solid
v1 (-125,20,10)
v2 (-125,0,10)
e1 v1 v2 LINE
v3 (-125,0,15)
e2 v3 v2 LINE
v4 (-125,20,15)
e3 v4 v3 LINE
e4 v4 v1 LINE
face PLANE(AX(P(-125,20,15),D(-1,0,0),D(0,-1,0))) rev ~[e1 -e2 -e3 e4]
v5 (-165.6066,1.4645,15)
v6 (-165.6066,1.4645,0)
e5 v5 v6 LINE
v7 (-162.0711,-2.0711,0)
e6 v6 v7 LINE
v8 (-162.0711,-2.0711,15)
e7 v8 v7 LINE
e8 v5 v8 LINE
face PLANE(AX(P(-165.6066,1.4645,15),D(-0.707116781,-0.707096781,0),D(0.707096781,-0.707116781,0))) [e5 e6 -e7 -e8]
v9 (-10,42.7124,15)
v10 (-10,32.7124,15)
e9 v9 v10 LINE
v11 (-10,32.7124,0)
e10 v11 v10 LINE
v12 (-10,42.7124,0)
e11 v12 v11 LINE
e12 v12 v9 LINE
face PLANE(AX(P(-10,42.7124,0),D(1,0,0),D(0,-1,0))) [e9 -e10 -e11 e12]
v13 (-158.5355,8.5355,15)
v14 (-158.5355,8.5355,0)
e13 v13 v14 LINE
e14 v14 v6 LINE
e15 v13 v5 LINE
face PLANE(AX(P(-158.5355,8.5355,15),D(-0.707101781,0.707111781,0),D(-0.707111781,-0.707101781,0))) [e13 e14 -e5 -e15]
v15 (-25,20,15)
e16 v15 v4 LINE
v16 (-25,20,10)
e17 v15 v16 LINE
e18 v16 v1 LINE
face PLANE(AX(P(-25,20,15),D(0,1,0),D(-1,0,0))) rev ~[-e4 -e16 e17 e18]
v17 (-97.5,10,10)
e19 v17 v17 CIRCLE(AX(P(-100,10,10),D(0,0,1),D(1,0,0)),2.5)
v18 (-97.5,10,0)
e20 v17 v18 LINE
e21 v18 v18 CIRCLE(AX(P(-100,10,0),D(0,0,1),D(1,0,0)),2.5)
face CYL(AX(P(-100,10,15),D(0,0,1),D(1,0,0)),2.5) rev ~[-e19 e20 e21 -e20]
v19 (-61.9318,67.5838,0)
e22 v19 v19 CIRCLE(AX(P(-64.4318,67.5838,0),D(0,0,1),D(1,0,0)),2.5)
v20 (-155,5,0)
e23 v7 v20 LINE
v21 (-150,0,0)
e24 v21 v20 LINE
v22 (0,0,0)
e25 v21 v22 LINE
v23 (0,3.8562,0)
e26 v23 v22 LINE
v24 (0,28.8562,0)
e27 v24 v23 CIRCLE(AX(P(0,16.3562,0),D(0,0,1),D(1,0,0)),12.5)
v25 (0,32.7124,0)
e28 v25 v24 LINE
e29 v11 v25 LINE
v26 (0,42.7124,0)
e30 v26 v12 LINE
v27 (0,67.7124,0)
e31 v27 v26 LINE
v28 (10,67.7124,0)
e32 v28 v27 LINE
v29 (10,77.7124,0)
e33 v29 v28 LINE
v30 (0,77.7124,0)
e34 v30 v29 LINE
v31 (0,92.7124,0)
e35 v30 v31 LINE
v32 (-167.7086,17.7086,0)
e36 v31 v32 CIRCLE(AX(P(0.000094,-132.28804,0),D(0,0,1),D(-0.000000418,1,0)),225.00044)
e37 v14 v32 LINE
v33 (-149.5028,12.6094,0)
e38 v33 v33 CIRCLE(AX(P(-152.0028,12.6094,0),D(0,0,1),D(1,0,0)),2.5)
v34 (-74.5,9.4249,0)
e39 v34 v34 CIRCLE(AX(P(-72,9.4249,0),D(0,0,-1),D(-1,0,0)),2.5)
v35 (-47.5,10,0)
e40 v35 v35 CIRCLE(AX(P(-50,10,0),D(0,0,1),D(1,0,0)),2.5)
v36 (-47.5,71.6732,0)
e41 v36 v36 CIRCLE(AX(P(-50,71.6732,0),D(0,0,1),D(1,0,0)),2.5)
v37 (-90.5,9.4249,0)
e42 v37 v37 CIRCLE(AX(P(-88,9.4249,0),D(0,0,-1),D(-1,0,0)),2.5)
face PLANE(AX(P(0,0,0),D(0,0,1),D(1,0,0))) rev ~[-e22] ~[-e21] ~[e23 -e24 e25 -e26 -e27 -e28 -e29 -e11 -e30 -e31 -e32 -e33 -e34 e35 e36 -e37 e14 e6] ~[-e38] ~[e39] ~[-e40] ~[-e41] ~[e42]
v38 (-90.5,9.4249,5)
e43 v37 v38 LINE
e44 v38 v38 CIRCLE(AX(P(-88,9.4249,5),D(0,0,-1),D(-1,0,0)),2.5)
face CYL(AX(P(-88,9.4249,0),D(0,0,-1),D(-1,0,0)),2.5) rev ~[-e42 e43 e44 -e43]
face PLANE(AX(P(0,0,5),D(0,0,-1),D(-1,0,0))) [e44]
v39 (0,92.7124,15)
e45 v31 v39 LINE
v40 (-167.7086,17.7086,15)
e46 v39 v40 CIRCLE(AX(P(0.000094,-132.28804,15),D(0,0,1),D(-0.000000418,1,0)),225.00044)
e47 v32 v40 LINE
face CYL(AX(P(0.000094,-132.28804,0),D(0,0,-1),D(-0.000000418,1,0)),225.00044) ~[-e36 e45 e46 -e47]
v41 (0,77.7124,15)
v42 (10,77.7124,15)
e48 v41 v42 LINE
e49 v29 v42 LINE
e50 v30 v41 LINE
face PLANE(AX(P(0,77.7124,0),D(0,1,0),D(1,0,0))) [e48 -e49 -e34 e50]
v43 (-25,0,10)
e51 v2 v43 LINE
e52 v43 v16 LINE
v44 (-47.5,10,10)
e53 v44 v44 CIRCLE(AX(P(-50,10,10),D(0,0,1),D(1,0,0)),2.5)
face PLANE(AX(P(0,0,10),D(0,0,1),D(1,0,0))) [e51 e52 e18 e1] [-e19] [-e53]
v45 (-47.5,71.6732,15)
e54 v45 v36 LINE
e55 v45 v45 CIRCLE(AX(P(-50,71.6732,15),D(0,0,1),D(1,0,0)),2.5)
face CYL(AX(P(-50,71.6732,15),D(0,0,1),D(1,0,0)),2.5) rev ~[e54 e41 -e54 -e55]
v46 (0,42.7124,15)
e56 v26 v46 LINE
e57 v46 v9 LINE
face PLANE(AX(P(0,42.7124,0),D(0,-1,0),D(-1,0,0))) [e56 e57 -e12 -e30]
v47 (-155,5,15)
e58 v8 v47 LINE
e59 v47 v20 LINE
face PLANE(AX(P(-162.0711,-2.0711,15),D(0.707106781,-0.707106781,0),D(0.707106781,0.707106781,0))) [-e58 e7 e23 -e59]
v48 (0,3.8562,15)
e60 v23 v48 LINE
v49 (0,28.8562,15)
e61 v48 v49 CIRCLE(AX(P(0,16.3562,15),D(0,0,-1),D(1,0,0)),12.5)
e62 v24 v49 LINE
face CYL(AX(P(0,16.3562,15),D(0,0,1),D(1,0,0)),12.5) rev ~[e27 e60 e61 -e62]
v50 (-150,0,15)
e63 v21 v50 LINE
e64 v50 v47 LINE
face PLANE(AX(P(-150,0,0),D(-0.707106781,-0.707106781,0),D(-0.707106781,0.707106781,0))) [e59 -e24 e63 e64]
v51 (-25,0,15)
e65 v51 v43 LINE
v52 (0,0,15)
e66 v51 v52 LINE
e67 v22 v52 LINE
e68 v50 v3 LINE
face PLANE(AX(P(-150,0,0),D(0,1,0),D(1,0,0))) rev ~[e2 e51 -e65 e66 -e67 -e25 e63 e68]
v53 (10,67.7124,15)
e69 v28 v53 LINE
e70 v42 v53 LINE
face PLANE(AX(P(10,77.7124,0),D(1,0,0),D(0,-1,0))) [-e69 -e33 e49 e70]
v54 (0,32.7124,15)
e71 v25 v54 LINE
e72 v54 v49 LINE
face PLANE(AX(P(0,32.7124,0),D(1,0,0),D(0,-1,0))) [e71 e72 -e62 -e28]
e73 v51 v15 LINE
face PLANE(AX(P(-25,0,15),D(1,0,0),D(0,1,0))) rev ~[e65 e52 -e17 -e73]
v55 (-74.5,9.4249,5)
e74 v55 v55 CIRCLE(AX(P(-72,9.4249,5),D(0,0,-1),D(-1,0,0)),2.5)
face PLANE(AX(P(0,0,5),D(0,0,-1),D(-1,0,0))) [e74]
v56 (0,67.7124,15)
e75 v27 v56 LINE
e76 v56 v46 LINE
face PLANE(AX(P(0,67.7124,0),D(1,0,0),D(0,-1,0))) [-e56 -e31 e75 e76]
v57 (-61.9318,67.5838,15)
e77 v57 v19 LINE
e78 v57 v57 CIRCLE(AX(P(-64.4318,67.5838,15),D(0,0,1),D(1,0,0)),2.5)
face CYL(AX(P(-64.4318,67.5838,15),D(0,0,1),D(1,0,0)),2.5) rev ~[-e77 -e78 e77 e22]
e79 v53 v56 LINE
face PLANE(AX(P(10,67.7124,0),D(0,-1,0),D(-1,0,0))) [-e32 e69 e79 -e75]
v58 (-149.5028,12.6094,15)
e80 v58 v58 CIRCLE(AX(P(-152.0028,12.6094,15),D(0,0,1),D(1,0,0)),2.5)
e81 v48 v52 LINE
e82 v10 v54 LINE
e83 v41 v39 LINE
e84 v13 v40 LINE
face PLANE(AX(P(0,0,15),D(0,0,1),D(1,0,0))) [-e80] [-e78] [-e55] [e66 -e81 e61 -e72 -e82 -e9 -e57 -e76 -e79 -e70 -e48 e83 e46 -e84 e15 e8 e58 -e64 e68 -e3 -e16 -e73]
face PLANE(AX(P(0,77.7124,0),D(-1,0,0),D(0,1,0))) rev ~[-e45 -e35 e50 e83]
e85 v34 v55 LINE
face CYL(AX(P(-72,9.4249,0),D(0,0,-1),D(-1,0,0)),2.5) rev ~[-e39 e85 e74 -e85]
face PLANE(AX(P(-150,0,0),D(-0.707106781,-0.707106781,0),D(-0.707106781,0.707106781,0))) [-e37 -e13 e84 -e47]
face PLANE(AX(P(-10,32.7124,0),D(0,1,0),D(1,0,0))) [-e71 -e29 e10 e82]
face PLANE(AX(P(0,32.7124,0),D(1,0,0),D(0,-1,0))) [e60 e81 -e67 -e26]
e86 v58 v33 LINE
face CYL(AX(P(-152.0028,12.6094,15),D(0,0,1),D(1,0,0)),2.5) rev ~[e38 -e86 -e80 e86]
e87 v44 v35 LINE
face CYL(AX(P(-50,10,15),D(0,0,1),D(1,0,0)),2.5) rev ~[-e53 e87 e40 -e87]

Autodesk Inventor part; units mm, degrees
ref_plane "YZ Plane" through (0, 0, 0) normal (1, 0, 0) x (0, 1, 0)
ref_plane "XZ Plane" through (0, 0, 0) normal (0, 1, 0) x (-1, 0, 0)
ref_plane "XY Plane" through (0, 0, 0) normal (0, 0, 1) x (1, 0, 0)
sketch "Sketch1" plane through (0, 0, 0) normal (0, 0, 1) x (1, 0, 0)
  circle A0 centre (0, -132.2876) radius 225 construction
  circle A1 centre (0, -132.2876) radius 200 construction
  line L0 (-225, -132.2876) -> (-150, -132.2876) construction
  line L1 (-150, -132.2876) -> (-150, 35.4175) construction
  line L2 (-175, -132.2876) -> (-175, 9.1338) construction
  arc A2 (0, 92.7124) -> (-167.7086, 17.7086) centre (0, -132.2876) ccw
  line L3 (0, 77.7124) -> (10, 77.7124)
  line L4 (0, 77.7124) -> (10, 77.7124) construction
  line L5 (10, 77.7124) -> (10, 67.7124)
  line L6 (10, 67.7124) -> (0, 67.7124)
  line L7 (0, 67.7124) -> (0, 67.7124)
  line L8 (0, 77.7124) -> (0, 92.7124)
  line L9 (-150, 0) -> (-167.7086, 17.7086)
  line L10 (-150, 0) -> (-124.9563, 0) construction
  line L11 (-150, 0) -> (0, 0)
  line L12 (0, 42.7124) -> (-10, 42.7124)
  line L13 (-10, 42.7124) -> (-10, 32.7124)
  line L14 (-10, 32.7124) -> (0, 32.7124)
  line L15 (0, 67.7124) -> (0, 42.7124)
  line L16 (0, 32.7124) -> (0, 0)
  line L17 (0, -132.2876) -> (0, 252.8934) construction
  dimension "d0" = 450
  dimension "d1" = 25
  dimension "d2" = 75
  dimension "d3" = 25
  dimension "d4" = 10
  dimension "d6" = 10
  dimension "d7" = 15
  dimension "d8" = 135
  dimension "d9" = 10
  dimension "d10" = 10
  dimension "d11" = 25
  dimension "d12" = 90
  dimension "d13" = 90
  dimension "d14" = 90
extrude "Extrusion1" add sketch "Sketch1" along normal blind 15
sketch "Sketch3" plane through (0, 0, 15) normal (0, 0, 1) x (1, 0, 0)
  line L0 (-162.0711, -2.0711) -> (-155, 5)
  line L1 (-155, 5) -> (-158.5355, 8.5355)
  line L2 (-158.5355, 8.5355) -> (-165.6066, 1.4645)
  line L3 (-165.6066, 1.4645) -> (-162.0711, -2.0711)
  line L4 (-167.7086, 17.7086) -> (-150, 0) projected
  point P0 (0, 0)
  dimension "d28" = 10
  dimension "d29" = 5
  dimension "d30" = 5
extrude "Extrusion2" add sketch "Sketch3" against normal blind 15
sketch "Sketch4" plane through (0, 0, 15) normal (0, 0, 1) x (1, 0, 0)
  circle A0 centre (-64.4318, 67.5838) radius 2.5
  circle A1 centre (-50, 71.6732) radius 2.5
  circle A2 centre (0, -132.2876) radius 225 construction
  arc A3 (0, 92.7124) -> (-167.7086, 17.7086) centre (0, -132.2876) ccw construction
  circle A4 centre (0, -132.2876) radius 210 construction
  circle A5 centre (-152.0028, 12.6094) radius 2.5
  line L0 (-167.7086, 17.7086) -> (-158.5355, 8.5355) projected
  point P0 (0, 0)
  dimension "d33" = 5
  dimension "d34" = 5
  dimension "d35" = 15
  dimension "d36" = 450
  dimension "d37" = 15
  dimension "d38" = 50
  dimension "d45" = 5
  dimension "d49" = 7.5
extrude "Extrusion3" cut sketch "Sketch4" against normal through all
thread "Thread1" size "M5x0.8" class "6H" standard "ANSI Metric M Profile" full length
thread "Thread2" size "M5x0.8" class "6H" standard "ANSI Metric M Profile" full length
thread "Thread3" size "M5x0.8" class "6H" standard "ANSI Metric M Profile" full length
sketch "Sketch5" plane through (0, 0, 15) normal (0, 0, 1) x (1, 0, 0)
  line L0 (-150, 0) -> (0, 0) construction
  line L1 (-25, 0) -> (-125, 0) construction
  line L2 (-125, 0) -> (-125, 20) construction
  line L3 (-125, 20) -> (-25, 20) construction
  line L4 (-25, 20) -> (-25, 0) construction
  circle A0 centre (-100, 10) radius 2.5
  circle A1 centre (-50, 10) radius 2.5
  dimension "d52" = 100
  dimension "d53" = 20
  dimension "d54" = 25
  dimension "d55" = 5
  dimension "d56" = 5
  dimension "d57" = 25
  dimension "d58" = 25
  dimension "d59" = 10
  dimension "d60" = 10
extrude "Extrusion4" cut sketch "Sketch5" against normal through all
thread "Thread4" size "M5x0.8" class "6H" standard "ANSI Metric M Profile" full length
thread "Thread5" size "M5x0.8" class "6H" standard "ANSI Metric M Profile" full length
sketch "Sketch6" plane through (0, 0, 15) normal (0, 0, 1) x (1, 0, 0)
  line L0 (-125, 0) -> (-25, 0)
  line L1 (-25, 0) -> (-25, 20)
  line L2 (-25, 20) -> (-125, 20)
  line L3 (-125, 20) -> (-125, 0)
  circle A0 centre (-100, 10) radius 2.5 projected
  circle A1 centre (-50, 10) radius 2.5 projected
  line L4 (-162.0711, -2.0711) -> (-155, 5) projected
  line L5 (-155, 5) -> (-150, 0) projected
  line L6 (-150, 0) -> (0, 0) projected
  line L7 (0, 0) -> (0, 32.7124) projected
  line L8 (0, 32.7124) -> (-10, 32.7124) projected
  line L9 (-10, 32.7124) -> (-10, 42.7124) projected
  line L10 (-10, 42.7124) -> (0, 42.7124) projected
  line L11 (0, 42.7124) -> (0, 67.7124) projected
  line L12 (0, 67.7124) -> (10, 67.7124) projected
  line L13 (10, 67.7124) -> (10, 77.7124) projected
  line L14 (10, 77.7124) -> (0, 77.7124) projected
  line L15 (0, 77.7124) -> (0, 92.7124) projected
  arc A2 (0, 92.7124) -> (-167.7086, 17.7086) centre (0, -132.2876) ccw projected
  line L16 (-167.7086, 17.7086) -> (-158.5355, 8.5355) projected
  line L17 (-158.5355, 8.5355) -> (-165.6066, 1.4645) projected
  line L18 (-165.6066, 1.4645) -> (-162.0711, -2.0711) projected
  dimension "d69" = 100
  dimension "d70" = 20
  dimension "d71" = 25
extrude "Extrusion5" cut sketch "Sketch6" against normal blind 5 contours L3 L2 L1 L0
sketch "Sketch7" plane through (0, 0, 15) normal (0, 0, 1) x (1, 0, 0)
  line L0 (0, 0) -> (0, 32.7124) projected
  circle A0 centre (0, 16.3562) radius 12.5
  dimension "d74" = 25
extrude "Extrusion6" cut sketch "Sketch7" against normal through all
sketch "Sketch8" plane through (0, 0, 0) normal (0, 0, -1) x (-1, 0, 0)
  circle A0 centre (88, 9.4249) radius 2.5
  circle A1 centre (72, 9.4249) radius 2.5
  line L0 (150, 0) -> (0, 0) projected
  dimension "d77" = 5
  dimension "d78" = 5
  dimension "d79" = 9.4249
  dimension "d80" = 16
  dimension "d81" = 88
extrude "Extrusion7" cut sketch "Sketch8" against normal blind 5
thread "Thread7" size "M5x0.8" class "6H" standard "ANSI Metric M Profile" full length
thread "Thread8" size "M5x0.8" class "6H" standard "ANSI Metric M Profile" full length
properties part number "CP005" material "ABS Plastic"
